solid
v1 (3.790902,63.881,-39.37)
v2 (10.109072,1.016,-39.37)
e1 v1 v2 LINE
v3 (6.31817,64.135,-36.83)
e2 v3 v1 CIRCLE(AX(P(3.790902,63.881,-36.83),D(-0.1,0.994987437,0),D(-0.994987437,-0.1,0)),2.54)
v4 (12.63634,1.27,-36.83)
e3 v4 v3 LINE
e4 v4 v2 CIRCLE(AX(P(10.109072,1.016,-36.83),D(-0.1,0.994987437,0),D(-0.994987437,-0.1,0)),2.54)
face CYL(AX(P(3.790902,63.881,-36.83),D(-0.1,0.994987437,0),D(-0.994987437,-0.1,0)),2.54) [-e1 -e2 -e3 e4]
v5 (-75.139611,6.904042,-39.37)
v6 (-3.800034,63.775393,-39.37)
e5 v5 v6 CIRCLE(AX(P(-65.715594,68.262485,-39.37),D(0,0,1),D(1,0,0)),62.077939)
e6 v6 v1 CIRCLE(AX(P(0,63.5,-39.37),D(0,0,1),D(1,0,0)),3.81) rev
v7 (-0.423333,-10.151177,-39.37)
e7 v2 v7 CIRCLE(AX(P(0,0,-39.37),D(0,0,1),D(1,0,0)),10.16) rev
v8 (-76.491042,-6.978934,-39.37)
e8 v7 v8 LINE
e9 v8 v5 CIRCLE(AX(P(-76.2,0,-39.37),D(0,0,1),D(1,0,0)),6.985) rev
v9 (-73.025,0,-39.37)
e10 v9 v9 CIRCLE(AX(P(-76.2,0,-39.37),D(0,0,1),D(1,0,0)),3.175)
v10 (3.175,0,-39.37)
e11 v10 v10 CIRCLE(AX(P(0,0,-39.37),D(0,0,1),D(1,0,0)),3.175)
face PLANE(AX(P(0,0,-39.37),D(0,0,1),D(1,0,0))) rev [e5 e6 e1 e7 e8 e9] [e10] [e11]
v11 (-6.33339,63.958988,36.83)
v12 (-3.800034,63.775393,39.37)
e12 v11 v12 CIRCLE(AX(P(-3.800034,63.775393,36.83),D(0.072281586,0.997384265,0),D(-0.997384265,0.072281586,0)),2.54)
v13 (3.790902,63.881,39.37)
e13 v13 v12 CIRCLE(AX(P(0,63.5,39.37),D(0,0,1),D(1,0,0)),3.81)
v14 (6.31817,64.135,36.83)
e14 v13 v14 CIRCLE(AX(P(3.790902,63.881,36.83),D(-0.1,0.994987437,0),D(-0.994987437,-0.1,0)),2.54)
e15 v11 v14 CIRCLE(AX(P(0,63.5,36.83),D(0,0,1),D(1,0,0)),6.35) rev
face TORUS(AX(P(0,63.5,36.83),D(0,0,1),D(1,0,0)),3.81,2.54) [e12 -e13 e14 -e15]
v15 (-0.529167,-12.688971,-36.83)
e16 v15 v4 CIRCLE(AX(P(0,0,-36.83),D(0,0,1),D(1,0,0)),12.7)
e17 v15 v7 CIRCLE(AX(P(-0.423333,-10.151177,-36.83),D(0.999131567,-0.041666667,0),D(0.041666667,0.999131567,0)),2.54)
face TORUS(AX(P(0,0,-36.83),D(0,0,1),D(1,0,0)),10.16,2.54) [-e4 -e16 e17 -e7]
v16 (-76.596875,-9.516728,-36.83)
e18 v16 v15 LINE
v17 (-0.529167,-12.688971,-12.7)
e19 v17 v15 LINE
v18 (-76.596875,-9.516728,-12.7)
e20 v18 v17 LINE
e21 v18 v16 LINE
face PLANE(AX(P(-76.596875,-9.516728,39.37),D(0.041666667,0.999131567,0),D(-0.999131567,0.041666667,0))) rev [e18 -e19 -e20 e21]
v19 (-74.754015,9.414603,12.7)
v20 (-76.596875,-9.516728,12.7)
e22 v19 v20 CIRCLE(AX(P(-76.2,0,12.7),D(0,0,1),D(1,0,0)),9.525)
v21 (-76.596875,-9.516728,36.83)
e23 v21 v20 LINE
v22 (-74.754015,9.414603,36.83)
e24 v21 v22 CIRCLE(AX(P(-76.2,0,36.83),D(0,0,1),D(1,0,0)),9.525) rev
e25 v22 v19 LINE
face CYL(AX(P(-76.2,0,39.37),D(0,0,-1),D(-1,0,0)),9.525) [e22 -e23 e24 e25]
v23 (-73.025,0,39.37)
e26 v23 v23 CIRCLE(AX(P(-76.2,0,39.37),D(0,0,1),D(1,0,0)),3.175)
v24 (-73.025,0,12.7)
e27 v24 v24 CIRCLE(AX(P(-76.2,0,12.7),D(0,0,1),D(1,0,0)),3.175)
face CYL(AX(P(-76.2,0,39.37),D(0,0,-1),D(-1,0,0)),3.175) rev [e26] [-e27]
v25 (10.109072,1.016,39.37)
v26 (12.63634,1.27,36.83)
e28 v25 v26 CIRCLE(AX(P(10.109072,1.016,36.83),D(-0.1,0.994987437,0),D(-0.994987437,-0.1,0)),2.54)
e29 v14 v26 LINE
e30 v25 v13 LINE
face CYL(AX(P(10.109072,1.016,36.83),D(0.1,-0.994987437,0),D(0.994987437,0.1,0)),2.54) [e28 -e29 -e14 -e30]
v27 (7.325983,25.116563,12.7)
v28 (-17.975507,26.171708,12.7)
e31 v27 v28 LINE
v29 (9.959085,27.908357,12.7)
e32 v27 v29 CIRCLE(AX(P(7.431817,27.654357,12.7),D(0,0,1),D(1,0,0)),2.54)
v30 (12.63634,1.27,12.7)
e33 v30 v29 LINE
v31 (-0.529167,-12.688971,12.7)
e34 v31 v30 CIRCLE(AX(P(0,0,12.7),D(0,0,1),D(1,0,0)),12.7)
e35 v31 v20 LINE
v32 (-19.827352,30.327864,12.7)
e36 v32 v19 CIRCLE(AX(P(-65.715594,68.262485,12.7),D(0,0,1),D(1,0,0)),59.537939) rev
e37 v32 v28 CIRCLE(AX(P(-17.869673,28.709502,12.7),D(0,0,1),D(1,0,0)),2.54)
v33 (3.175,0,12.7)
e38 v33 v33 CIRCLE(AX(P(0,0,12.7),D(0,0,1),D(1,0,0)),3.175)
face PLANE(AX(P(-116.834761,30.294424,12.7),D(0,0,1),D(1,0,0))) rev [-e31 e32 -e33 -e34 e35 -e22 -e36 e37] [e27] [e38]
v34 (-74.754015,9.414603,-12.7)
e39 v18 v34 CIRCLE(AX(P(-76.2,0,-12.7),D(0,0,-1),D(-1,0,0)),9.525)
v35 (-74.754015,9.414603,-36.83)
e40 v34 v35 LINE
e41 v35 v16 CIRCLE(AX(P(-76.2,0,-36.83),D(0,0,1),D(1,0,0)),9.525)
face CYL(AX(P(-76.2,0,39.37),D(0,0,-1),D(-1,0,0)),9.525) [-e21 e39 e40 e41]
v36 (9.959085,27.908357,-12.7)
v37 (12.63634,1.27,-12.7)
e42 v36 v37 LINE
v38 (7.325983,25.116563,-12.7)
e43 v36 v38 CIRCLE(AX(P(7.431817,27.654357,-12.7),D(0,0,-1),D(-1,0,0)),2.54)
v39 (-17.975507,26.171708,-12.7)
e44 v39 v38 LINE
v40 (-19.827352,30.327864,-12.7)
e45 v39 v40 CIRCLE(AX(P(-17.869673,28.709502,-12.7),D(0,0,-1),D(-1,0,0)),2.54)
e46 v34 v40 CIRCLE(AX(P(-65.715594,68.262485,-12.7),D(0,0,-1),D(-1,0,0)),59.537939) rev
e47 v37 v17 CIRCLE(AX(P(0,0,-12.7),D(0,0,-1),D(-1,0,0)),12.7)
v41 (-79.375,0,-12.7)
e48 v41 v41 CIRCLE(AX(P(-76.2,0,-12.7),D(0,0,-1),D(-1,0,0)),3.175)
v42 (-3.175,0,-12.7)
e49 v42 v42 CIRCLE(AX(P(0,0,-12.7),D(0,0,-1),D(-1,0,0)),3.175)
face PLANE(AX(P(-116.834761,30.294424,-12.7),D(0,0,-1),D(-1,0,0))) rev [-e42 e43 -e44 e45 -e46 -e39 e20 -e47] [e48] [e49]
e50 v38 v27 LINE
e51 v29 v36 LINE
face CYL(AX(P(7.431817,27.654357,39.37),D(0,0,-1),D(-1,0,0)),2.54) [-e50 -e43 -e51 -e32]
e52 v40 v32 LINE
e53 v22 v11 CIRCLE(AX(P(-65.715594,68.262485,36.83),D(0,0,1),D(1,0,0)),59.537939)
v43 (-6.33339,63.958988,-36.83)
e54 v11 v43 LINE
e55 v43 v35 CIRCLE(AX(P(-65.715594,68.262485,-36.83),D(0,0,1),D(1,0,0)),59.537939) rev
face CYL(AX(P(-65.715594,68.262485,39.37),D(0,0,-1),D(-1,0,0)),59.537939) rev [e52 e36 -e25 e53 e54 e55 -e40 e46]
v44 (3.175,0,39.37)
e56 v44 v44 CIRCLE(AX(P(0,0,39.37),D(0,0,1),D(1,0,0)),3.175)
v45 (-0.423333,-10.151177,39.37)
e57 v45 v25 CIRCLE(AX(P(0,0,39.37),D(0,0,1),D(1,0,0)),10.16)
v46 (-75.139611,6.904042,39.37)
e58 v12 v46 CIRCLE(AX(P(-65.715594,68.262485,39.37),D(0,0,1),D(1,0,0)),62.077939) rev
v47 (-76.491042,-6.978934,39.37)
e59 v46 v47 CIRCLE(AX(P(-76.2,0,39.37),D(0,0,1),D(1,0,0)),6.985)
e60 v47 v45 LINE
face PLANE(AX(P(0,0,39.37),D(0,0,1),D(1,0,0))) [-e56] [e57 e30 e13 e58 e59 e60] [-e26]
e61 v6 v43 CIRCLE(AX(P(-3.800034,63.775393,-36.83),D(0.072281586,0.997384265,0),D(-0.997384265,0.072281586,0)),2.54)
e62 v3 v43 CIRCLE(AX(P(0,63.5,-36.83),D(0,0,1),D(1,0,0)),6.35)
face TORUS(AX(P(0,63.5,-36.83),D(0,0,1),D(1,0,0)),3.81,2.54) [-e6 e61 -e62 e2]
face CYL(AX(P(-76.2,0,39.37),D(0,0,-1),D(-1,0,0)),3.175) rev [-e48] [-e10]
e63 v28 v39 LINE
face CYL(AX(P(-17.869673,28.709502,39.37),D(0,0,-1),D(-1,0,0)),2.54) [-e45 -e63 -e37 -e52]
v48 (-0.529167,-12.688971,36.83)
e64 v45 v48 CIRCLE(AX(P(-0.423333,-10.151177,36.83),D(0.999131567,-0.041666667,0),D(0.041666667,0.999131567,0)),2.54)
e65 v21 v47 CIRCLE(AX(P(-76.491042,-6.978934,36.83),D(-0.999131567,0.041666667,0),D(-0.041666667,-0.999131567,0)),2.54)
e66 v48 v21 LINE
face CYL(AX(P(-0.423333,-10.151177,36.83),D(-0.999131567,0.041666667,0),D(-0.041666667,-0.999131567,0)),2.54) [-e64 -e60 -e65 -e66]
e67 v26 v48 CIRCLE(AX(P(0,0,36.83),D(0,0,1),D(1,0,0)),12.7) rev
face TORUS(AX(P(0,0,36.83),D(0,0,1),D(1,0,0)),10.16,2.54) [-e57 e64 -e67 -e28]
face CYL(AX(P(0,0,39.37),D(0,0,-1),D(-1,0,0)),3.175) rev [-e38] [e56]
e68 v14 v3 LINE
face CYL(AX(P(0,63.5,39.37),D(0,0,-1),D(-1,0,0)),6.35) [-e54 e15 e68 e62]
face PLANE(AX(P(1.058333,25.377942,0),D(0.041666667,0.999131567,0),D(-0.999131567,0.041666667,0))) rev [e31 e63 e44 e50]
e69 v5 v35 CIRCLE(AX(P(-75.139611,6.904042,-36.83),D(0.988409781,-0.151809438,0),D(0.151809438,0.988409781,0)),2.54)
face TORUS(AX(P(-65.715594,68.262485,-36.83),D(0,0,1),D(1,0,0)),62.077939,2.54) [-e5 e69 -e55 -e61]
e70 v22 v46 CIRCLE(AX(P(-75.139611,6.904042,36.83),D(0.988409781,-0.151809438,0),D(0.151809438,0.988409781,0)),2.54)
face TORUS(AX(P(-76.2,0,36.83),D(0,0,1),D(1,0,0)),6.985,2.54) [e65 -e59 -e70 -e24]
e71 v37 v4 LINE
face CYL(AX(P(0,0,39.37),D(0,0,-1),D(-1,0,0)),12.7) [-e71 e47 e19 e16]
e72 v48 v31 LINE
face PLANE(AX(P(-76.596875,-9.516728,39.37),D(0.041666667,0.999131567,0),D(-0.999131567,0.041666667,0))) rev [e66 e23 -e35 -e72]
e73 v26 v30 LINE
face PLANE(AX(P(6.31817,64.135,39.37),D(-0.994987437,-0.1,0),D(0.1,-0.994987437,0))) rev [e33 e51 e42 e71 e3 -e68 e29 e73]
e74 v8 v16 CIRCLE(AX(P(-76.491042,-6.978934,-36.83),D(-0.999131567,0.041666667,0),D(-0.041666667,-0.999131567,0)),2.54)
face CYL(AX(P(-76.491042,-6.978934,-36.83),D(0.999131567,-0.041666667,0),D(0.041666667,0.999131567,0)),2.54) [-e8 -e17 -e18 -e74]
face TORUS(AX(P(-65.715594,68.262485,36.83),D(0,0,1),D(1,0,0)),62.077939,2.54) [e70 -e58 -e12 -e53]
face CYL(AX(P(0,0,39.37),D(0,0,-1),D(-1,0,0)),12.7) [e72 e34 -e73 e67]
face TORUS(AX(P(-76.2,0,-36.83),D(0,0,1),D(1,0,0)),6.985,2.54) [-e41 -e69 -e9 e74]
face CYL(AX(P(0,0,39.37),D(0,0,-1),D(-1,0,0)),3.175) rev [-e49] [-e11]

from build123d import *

# Parameters (mm, degrees)
SKETCH1_R           = 3.175
BOSS_EXTRUDE1_DEPTH = 39.37
SKETCH3_W           = 153.048335432
SKETCH3_H           = 25.4
CUT_EXTRUDE1_DEPTH  = 38.1
FILLET1_R           = 2.54
FILLET2_R           = 2.54


with BuildPart() as part:
    # Sketch1 → Boss-Extrude1 (new, symmetric)
    with BuildSketch(Plane.XY):
        with BuildLine():
            Line((-76.596875, -9.516728179), (-0.529166667, -12.688970905))
            ThreePointArc((-0.529166667, -12.688970905), (9.239000565, -8.713832025), (12.636340451, 1.27))
            Line((12.636340451, 1.27), (6.318170226, 64.135))
            ThreePointArc((6.318170226, 64.135), (-0.08833437, 69.849385564), (-6.333390084, 63.95898807))
            ThreePointArc((-6.333390084, 63.95898807), (-28.602299903, 21.707467551), (-74.754015102, 9.414603161))
            ThreePointArc((-74.754015102, 9.414603161), (-85.680189052, 0.922843719), (-76.596875, -9.516728179))
        make_face()
        with Locations((-76.2, 0)):
            Circle(SKETCH1_R, mode=Mode.SUBTRACT)
        Circle(SKETCH1_R, mode=Mode.SUBTRACT)
    extrude(amount=BOSS_EXTRUDE1_DEPTH, both=True)

    # Sketch3 → Cut-Extrude1 (cut)
    with BuildSketch(Plane(origin=(-0.529166667, -12.688970905, 0), x_dir=(0.9991315673568165, -0.04166666666666664, 0), z_dir=(-0.04166666666666664, -0.9991315673568165, 0))):
        with Locations((-41.471397415, 0)):
            Rectangle(SKETCH3_W, SKETCH3_H)
    extrude(amount=-CUT_EXTRUDE1_DEPTH, mode=Mode.SUBTRACT)

    # Fillet1
    fillet1_edges = [part.edges().sort_by_distance(p)[0] for p in [
        (-23.382807479, 26.397207842, 0),
        (10.25193425, 24.994542149, 0),
    ]]
    fillet(fillet1_edges, radius=FILLET1_R)

    # Fillet2
    fillet2_edges = [part.edges().sort_by_distance(p)[0] for p in [
        (-0.08833437, 69.849385564, 39.37),
        (-28.602299903, 21.707467551, 39.37),
        (-85.680189052, 0.922843719, 39.37),
        (-38.563020833, -11.102849542, 39.37),
        (9.239000565, -8.713832025, 39.37),
        (-38.563020833, -11.102849542, -39.37),
        (-85.680189052, 0.922843719, -39.37),
        (-28.602299903, 21.707467551, -39.37),
        (9.477255338, 32.7025, 39.37),
        (-0.08833437, 69.849385564, -39.37),
        (9.477255338, 32.7025, -39.37),
        (9.239000565, -8.713832025, -39.37),
    ]]
    fillet(fillet2_edges, radius=FILLET2_R)


solid = part.part
